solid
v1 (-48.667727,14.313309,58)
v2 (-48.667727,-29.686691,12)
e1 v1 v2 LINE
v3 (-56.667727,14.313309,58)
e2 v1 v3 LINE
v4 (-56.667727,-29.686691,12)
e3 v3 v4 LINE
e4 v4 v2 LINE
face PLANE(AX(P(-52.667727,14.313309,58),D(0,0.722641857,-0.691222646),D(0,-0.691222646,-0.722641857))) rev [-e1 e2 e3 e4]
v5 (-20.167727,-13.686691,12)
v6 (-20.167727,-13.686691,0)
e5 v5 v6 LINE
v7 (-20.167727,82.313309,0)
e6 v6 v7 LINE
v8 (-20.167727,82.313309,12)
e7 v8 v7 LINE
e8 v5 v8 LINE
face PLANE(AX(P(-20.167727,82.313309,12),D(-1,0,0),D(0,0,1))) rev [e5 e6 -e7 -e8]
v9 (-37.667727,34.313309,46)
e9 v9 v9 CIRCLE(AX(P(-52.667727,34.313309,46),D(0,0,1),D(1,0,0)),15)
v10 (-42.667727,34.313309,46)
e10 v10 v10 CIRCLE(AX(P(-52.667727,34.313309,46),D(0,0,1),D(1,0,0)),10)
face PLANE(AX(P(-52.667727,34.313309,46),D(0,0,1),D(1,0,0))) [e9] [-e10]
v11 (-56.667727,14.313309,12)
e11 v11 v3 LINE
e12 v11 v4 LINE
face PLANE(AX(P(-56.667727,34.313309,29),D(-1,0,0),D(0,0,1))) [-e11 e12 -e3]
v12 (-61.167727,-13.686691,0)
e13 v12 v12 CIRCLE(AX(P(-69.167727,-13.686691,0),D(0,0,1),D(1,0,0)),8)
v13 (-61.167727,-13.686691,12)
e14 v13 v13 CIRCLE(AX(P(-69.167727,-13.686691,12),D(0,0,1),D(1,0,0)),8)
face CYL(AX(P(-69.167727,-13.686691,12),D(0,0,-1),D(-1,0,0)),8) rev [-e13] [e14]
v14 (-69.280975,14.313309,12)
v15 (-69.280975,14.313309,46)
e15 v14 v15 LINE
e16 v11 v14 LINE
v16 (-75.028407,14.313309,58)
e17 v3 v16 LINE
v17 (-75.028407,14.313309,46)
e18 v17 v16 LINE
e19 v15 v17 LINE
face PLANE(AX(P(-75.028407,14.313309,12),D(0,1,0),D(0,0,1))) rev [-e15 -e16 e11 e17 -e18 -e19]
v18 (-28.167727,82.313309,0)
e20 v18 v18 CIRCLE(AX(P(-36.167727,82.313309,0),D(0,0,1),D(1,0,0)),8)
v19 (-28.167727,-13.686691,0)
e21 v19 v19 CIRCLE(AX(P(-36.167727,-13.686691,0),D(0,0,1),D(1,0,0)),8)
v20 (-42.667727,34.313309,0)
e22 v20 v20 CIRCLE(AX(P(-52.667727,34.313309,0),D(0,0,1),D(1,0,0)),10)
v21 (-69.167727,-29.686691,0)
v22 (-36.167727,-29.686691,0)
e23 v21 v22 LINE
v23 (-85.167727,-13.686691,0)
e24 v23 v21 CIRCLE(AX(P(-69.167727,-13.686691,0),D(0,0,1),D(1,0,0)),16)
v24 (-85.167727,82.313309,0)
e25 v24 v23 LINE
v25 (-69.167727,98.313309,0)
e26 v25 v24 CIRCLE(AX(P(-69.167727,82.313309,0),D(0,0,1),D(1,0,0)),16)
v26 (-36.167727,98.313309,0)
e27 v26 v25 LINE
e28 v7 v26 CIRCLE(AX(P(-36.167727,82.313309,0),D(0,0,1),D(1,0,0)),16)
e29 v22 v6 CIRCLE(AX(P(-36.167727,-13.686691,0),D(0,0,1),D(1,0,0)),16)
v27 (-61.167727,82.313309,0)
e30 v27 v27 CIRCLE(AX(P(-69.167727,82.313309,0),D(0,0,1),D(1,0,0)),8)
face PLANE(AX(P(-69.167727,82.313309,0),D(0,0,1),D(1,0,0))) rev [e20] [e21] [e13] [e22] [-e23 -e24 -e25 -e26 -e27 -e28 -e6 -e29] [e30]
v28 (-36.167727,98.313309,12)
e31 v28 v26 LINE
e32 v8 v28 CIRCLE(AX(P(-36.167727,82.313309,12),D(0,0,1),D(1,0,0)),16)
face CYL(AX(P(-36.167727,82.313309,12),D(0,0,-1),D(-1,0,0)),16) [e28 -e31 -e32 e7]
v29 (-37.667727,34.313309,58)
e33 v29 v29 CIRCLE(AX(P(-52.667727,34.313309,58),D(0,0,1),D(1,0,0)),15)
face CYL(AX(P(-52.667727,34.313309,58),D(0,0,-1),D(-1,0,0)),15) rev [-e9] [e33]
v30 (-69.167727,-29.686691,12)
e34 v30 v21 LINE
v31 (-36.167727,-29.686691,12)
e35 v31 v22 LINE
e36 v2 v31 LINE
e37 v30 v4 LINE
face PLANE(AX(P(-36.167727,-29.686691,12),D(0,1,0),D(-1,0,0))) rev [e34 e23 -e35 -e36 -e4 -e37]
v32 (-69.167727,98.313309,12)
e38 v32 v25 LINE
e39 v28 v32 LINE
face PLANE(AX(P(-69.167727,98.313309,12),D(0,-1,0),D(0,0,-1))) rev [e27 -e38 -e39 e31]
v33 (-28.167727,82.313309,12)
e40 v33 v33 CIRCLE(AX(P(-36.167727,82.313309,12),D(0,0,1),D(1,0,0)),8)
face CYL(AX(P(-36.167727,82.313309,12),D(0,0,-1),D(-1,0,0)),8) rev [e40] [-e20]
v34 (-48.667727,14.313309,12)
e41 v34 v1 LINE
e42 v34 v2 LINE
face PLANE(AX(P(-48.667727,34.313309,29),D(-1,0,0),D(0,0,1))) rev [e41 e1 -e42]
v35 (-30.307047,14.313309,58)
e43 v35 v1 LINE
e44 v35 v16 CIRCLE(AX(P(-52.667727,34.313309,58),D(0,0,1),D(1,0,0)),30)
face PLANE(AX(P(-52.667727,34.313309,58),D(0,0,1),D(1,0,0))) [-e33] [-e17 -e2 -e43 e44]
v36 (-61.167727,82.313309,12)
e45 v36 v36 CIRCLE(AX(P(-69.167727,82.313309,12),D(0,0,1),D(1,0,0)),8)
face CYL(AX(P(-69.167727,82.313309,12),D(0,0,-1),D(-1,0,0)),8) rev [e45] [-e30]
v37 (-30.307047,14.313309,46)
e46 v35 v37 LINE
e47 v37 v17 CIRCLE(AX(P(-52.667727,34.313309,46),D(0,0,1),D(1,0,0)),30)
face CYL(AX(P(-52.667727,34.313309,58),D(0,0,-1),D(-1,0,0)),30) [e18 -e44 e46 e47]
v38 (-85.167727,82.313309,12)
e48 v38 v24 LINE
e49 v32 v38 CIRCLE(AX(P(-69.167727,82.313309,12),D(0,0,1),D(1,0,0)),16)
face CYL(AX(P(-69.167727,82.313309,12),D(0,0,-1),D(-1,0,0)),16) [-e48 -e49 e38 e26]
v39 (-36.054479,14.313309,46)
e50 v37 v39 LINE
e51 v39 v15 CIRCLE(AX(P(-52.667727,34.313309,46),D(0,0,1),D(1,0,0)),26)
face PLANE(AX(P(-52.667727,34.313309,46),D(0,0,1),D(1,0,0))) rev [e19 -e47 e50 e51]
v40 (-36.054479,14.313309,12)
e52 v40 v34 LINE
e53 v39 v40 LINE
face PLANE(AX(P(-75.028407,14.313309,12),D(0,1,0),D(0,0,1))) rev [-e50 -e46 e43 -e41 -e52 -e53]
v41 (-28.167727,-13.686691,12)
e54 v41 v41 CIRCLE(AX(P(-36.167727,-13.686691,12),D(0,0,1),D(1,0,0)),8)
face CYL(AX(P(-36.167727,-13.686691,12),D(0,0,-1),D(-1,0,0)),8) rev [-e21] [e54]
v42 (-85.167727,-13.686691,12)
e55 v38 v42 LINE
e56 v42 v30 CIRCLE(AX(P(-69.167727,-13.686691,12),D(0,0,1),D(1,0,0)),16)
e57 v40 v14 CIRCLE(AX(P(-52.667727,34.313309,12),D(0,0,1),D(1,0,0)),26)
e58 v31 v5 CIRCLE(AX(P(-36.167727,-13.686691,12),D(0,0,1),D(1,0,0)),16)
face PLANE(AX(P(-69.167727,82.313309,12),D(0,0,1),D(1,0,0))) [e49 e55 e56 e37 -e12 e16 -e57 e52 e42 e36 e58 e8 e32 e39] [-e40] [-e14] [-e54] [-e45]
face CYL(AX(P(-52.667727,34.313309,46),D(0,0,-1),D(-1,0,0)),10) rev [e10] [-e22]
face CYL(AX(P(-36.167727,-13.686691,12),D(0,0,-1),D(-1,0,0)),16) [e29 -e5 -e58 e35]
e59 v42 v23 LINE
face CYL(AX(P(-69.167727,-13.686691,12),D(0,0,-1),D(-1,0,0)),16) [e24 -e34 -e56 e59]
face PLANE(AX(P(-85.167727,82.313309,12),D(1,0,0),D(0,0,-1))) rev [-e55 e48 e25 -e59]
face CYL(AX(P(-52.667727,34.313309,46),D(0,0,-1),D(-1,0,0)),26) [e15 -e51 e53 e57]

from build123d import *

# Parameters (mm, degrees)
IZIM1_R                     = 8
Y_KSEKLIK_EKSTR_ZYON2_DEPTH = 12
IZIM2_R                     = 26
IZIM2_R_2                   = 10
Y_KSEKLIK_EKSTR_ZYON3_DEPTH = 34
KES_EKSTR_ZYON1_START       = -34
IZIM3_R                     = 10
KES_EKSTR_ZYON1_DEPTH       = 34
IZIM4_R                     = 30
IZIM4_R_2                   = 15
Y_KSEKLIK_EKSTR_ZYON4_DEPTH = 12
IZIM6_W                     = 47.489367516
IZIM6_H                     = 14.251313653
KES_EKSTR_ZYON2_DEPTH       = 46
FEDER1_REACH                = 120.683
IZIM9_WALL_W                = 303.022183262
IZIM9_WALL_H                = 8


with BuildPart() as part:
    # Çizim1 → Yükseklik-Ekstrüzyon2 (new body)
    with BuildSketch(Plane.XY):
        with BuildLine():
            Line((-85.16772712, 82.313308987), (-85.16772712, -13.686691013))
            ThreePointArc((-85.16772712, -13.686691013), (-80.481435619, -25.000399512), (-69.16772712, -29.686691013))
            Line((-69.16772712, -29.686691013), (-36.16772712, -29.686691013))
            ThreePointArc((-36.16772712, -29.686691013), (-24.854018621, -25.000399512), (-20.16772712, -13.686691013))
            Line((-20.16772712, -13.686691013), (-20.16772712, 82.313308987))
            ThreePointArc((-20.16772712, 82.313308987), (-24.854018621, 93.627017486), (-36.16772712, 98.313308987))
            Line((-36.16772712, 98.313308987), (-69.16772712, 98.313308987))
            ThreePointArc((-69.16772712, 98.313308987), (-80.481435619, 93.627017486), (-85.16772712, 82.313308987))
        make_face()
        with Locations((-69.16772712, 82.313308987)):
            Circle(IZIM1_R, mode=Mode.SUBTRACT)
        with Locations((-36.16772712, 82.313308987)):
            Circle(IZIM1_R, mode=Mode.SUBTRACT)
        with Locations((-69.16772712, -13.686691013)):
            Circle(IZIM1_R, mode=Mode.SUBTRACT)
        with Locations((-36.16772712, -13.686691013)):
            Circle(IZIM1_R, mode=Mode.SUBTRACT)
    extrude(amount=Y_KSEKLIK_EKSTR_ZYON2_DEPTH)

    # Çizim2 → Yükseklik-Ekstrüzyon3 (add)
    with BuildSketch(Plane.XY.offset(12)):
        with Locations((-52.66772712, 34.313308987)):
            Circle(IZIM2_R)
        with Locations((-52.66772712, 34.313308987)):
            Circle(IZIM2_R_2, mode=Mode.SUBTRACT)
    extrude(amount=Y_KSEKLIK_EKSTR_ZYON3_DEPTH)

    # Çizim3 → Kes-Ekstrüzyon1 (cut)
    with BuildSketch(Plane.XY.offset(12).offset(KES_EKSTR_ZYON1_START)):
        with Locations((-52.66772712, 34.313308987)):
            Circle(IZIM3_R)
    extrude(amount=KES_EKSTR_ZYON1_DEPTH, mode=Mode.SUBTRACT)

    # Çizim4 → Yükseklik-Ekstrüzyon4 (add)
    with BuildSketch(Plane.XY.offset(46)):
        with Locations((-52.66772712, 34.313308987)):
            Circle(IZIM4_R)
        with Locations((-52.66772712, 34.313308987)):
            Circle(IZIM4_R_2, mode=Mode.SUBTRACT)
    extrude(amount=Y_KSEKLIK_EKSTR_ZYON4_DEPTH)

    # Çizim6 → Kes-Ekstrüzyon2 (cut)
    with BuildSketch(Plane.XY.offset(58)):
        with Locations((-51.283723137, 7.187652161)):
            Rectangle(IZIM6_W, IZIM6_H)
    extrude(amount=-KES_EKSTR_ZYON2_DEPTH, mode=Mode.SUBTRACT)

    # Çizim9 wall → Feder1 (add, up to next)
    with BuildSketch(Plane(origin=(-52.66772712, -7.686691013, 35), x_dir=(0, -0.691222645967, -0.722641857148), z_dir=(0, -0.722641857148, 0.691222645967)), mode=Mode.PRIVATE) as feder1_sk1:
        Rectangle(IZIM9_WALL_W, IZIM9_WALL_H)
    feder1_tool1 = extrude(feder1_sk1.sketch, amount=-FEDER1_REACH, mode=Mode.PRIVATE) - part.part
    add(feder1_tool1.solids().sort_by_distance((-52.66772712, -7.686691013, 35))[0])


solid = part.part
